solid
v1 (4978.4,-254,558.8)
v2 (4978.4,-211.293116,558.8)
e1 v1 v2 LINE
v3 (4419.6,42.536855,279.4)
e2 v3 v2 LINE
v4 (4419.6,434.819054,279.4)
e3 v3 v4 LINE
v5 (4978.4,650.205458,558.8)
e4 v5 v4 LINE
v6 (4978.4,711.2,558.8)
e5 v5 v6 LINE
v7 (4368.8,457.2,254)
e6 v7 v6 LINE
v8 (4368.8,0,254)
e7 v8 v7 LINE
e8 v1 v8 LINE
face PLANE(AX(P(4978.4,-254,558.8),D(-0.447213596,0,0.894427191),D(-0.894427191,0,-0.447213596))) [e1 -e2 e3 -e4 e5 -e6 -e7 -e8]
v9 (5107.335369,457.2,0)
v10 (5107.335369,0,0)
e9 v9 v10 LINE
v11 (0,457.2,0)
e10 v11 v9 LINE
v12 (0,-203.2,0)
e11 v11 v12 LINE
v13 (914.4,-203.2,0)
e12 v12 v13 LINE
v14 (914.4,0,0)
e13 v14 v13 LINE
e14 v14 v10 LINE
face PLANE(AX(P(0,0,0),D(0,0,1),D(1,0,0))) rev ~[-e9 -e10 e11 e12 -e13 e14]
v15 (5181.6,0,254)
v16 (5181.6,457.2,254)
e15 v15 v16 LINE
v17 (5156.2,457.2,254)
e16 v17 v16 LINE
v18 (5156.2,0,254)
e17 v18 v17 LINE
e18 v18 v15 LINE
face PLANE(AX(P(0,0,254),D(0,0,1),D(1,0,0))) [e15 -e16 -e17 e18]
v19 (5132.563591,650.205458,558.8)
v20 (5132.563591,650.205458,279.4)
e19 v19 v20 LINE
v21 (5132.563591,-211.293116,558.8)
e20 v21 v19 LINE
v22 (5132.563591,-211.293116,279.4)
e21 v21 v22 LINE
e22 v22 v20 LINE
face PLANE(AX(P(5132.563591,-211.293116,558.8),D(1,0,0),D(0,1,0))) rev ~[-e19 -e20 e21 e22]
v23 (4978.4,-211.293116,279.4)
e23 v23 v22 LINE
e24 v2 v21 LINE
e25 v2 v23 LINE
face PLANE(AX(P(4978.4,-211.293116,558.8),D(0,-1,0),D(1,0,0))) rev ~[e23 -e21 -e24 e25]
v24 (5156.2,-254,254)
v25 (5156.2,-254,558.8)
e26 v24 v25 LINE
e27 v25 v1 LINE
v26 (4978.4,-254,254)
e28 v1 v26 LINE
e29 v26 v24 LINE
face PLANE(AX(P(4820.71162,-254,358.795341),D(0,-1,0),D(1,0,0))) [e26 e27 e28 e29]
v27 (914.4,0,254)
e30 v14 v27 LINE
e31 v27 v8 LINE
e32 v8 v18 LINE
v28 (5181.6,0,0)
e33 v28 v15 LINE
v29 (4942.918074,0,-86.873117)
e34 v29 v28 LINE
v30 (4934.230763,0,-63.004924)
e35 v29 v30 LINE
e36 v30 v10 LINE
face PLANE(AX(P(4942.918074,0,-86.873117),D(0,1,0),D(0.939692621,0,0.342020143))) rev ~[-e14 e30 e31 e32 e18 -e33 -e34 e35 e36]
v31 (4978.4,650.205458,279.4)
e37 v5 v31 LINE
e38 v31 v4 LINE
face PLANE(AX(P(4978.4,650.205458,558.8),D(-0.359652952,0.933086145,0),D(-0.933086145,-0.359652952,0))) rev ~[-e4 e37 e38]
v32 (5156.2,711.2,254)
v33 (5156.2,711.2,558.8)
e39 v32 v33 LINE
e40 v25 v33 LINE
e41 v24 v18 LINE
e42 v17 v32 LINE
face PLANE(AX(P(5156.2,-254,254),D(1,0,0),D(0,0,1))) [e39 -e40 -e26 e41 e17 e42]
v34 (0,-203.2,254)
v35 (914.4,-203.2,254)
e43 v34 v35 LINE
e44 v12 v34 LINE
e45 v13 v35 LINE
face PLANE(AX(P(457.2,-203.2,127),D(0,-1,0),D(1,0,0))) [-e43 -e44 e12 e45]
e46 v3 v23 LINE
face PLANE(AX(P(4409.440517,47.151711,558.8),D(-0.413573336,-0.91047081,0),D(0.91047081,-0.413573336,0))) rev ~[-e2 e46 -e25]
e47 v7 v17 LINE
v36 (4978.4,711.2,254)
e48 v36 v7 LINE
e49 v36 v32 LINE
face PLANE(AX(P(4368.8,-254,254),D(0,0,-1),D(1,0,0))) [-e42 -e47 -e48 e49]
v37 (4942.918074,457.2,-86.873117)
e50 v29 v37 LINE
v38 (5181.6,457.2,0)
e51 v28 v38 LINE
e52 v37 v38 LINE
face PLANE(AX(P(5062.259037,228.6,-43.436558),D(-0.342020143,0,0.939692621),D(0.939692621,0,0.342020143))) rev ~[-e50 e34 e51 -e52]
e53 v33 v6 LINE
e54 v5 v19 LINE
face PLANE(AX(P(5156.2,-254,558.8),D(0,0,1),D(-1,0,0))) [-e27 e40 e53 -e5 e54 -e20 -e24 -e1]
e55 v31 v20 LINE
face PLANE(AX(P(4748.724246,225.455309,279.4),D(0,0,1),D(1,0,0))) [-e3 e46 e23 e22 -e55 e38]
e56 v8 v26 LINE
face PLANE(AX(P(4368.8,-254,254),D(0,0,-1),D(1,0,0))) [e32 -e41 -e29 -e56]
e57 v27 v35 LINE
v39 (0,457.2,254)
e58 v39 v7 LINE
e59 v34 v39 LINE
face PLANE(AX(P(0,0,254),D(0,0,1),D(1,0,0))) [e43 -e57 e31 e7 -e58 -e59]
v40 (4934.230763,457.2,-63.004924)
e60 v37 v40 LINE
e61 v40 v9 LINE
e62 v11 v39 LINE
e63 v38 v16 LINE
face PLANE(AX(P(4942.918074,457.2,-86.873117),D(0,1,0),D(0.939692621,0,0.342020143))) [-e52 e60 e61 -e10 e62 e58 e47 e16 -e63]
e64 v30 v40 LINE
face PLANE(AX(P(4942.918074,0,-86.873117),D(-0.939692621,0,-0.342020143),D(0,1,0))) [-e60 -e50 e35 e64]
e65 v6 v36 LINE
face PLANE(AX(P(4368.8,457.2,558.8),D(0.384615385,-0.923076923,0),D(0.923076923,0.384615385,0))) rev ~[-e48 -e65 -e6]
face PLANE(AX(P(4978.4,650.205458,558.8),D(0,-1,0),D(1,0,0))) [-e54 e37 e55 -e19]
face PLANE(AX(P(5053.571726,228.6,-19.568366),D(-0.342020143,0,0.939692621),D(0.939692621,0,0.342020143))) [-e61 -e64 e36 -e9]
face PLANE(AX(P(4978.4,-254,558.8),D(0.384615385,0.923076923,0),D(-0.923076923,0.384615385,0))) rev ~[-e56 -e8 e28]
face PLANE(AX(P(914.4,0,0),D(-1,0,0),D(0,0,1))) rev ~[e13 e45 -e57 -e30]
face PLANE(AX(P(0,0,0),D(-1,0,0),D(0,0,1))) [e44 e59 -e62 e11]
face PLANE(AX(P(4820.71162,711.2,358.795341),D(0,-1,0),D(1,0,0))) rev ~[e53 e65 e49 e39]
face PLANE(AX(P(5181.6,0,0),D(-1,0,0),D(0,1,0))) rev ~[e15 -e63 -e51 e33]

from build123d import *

# Parameters (mm, degrees)
F0_W      = 5181.6
F0_H      = 457.2
F1_DEPTH  = 254
F2_W      = 914.4
F2_H      = 254
F3_DEPTH  = 203.2
F6_DEPTH  = 965.2
F8_DEPTH  = 558.801
F9_W      = 154.1635910034
F9_H      = 861.4985744241
F10_DEPTH = 279.4
F12_W     = 254
F12_H     = 457.2
F13_DEPTH = 25.4


with BuildPart() as f1:
    # F0 (on Top) → F1 (new body)
    with BuildSketch(Plane.XY):
        with Locations((2590.8, 228.6)):
            Rectangle(F0_W, F0_H)
    extrude(amount=F1_DEPTH)

    # F2 (on face) → F3 (join)
    with BuildSketch(Plane.XZ):
        with Locations((457.2, 127)):
            Rectangle(F2_W, F2_H)
    extrude(amount=F3_DEPTH)

    # F5 (on offset) → F6 (join)
    with BuildSketch(Plane.XZ.offset(254)):
        Polygon((4368.8, 254), (5156.2, 254), (5156.2, 558.8), (4978.4, 558.8), align=None)
    extrude(amount=-F6_DEPTH)

    # F7 (on face) → F8 (cut, through all)
    with BuildSketch(Plane.XY.offset(558.8)):
        Polygon((4978.4, 711.2), (4368.8, 711.2), (4368.8, 457.2), align=None)
        Polygon((4368.8, -254), (4978.4, -254), (4368.8, 0), align=None)
    extrude(amount=-F8_DEPTH, mode=Mode.SUBTRACT)

    # F9 (on face) → F10 (cut, through all)
    with BuildSketch(Plane.XY.offset(558.8)):
        Polygon((4978.4, -211.2931162119), (4978.4, 650.2054582122), (4409.4405174255, 430.9031367302), (4409.4405174255, 47.1517108381), align=None)
        with Locations((5055.4817955017, 219.4561710002)):
            Rectangle(F9_W, F9_H)
    extrude(amount=-F10_DEPTH, mode=Mode.SUBTRACT)

    # F12 (on face) → F13 (join)
    with BuildSketch(Plane(origin=(606.1320567674, 0, -1665.3341391759), x_dir=(0.9396926208, 0, 0.3420201433), z_dir=(-0.3420201433, 0, 0.9396926208))):
        with Locations((4742.1112838643, 228.6)):
            Rectangle(F12_W, F12_H)
    extrude(amount=F13_DEPTH)


solid = f1.part
